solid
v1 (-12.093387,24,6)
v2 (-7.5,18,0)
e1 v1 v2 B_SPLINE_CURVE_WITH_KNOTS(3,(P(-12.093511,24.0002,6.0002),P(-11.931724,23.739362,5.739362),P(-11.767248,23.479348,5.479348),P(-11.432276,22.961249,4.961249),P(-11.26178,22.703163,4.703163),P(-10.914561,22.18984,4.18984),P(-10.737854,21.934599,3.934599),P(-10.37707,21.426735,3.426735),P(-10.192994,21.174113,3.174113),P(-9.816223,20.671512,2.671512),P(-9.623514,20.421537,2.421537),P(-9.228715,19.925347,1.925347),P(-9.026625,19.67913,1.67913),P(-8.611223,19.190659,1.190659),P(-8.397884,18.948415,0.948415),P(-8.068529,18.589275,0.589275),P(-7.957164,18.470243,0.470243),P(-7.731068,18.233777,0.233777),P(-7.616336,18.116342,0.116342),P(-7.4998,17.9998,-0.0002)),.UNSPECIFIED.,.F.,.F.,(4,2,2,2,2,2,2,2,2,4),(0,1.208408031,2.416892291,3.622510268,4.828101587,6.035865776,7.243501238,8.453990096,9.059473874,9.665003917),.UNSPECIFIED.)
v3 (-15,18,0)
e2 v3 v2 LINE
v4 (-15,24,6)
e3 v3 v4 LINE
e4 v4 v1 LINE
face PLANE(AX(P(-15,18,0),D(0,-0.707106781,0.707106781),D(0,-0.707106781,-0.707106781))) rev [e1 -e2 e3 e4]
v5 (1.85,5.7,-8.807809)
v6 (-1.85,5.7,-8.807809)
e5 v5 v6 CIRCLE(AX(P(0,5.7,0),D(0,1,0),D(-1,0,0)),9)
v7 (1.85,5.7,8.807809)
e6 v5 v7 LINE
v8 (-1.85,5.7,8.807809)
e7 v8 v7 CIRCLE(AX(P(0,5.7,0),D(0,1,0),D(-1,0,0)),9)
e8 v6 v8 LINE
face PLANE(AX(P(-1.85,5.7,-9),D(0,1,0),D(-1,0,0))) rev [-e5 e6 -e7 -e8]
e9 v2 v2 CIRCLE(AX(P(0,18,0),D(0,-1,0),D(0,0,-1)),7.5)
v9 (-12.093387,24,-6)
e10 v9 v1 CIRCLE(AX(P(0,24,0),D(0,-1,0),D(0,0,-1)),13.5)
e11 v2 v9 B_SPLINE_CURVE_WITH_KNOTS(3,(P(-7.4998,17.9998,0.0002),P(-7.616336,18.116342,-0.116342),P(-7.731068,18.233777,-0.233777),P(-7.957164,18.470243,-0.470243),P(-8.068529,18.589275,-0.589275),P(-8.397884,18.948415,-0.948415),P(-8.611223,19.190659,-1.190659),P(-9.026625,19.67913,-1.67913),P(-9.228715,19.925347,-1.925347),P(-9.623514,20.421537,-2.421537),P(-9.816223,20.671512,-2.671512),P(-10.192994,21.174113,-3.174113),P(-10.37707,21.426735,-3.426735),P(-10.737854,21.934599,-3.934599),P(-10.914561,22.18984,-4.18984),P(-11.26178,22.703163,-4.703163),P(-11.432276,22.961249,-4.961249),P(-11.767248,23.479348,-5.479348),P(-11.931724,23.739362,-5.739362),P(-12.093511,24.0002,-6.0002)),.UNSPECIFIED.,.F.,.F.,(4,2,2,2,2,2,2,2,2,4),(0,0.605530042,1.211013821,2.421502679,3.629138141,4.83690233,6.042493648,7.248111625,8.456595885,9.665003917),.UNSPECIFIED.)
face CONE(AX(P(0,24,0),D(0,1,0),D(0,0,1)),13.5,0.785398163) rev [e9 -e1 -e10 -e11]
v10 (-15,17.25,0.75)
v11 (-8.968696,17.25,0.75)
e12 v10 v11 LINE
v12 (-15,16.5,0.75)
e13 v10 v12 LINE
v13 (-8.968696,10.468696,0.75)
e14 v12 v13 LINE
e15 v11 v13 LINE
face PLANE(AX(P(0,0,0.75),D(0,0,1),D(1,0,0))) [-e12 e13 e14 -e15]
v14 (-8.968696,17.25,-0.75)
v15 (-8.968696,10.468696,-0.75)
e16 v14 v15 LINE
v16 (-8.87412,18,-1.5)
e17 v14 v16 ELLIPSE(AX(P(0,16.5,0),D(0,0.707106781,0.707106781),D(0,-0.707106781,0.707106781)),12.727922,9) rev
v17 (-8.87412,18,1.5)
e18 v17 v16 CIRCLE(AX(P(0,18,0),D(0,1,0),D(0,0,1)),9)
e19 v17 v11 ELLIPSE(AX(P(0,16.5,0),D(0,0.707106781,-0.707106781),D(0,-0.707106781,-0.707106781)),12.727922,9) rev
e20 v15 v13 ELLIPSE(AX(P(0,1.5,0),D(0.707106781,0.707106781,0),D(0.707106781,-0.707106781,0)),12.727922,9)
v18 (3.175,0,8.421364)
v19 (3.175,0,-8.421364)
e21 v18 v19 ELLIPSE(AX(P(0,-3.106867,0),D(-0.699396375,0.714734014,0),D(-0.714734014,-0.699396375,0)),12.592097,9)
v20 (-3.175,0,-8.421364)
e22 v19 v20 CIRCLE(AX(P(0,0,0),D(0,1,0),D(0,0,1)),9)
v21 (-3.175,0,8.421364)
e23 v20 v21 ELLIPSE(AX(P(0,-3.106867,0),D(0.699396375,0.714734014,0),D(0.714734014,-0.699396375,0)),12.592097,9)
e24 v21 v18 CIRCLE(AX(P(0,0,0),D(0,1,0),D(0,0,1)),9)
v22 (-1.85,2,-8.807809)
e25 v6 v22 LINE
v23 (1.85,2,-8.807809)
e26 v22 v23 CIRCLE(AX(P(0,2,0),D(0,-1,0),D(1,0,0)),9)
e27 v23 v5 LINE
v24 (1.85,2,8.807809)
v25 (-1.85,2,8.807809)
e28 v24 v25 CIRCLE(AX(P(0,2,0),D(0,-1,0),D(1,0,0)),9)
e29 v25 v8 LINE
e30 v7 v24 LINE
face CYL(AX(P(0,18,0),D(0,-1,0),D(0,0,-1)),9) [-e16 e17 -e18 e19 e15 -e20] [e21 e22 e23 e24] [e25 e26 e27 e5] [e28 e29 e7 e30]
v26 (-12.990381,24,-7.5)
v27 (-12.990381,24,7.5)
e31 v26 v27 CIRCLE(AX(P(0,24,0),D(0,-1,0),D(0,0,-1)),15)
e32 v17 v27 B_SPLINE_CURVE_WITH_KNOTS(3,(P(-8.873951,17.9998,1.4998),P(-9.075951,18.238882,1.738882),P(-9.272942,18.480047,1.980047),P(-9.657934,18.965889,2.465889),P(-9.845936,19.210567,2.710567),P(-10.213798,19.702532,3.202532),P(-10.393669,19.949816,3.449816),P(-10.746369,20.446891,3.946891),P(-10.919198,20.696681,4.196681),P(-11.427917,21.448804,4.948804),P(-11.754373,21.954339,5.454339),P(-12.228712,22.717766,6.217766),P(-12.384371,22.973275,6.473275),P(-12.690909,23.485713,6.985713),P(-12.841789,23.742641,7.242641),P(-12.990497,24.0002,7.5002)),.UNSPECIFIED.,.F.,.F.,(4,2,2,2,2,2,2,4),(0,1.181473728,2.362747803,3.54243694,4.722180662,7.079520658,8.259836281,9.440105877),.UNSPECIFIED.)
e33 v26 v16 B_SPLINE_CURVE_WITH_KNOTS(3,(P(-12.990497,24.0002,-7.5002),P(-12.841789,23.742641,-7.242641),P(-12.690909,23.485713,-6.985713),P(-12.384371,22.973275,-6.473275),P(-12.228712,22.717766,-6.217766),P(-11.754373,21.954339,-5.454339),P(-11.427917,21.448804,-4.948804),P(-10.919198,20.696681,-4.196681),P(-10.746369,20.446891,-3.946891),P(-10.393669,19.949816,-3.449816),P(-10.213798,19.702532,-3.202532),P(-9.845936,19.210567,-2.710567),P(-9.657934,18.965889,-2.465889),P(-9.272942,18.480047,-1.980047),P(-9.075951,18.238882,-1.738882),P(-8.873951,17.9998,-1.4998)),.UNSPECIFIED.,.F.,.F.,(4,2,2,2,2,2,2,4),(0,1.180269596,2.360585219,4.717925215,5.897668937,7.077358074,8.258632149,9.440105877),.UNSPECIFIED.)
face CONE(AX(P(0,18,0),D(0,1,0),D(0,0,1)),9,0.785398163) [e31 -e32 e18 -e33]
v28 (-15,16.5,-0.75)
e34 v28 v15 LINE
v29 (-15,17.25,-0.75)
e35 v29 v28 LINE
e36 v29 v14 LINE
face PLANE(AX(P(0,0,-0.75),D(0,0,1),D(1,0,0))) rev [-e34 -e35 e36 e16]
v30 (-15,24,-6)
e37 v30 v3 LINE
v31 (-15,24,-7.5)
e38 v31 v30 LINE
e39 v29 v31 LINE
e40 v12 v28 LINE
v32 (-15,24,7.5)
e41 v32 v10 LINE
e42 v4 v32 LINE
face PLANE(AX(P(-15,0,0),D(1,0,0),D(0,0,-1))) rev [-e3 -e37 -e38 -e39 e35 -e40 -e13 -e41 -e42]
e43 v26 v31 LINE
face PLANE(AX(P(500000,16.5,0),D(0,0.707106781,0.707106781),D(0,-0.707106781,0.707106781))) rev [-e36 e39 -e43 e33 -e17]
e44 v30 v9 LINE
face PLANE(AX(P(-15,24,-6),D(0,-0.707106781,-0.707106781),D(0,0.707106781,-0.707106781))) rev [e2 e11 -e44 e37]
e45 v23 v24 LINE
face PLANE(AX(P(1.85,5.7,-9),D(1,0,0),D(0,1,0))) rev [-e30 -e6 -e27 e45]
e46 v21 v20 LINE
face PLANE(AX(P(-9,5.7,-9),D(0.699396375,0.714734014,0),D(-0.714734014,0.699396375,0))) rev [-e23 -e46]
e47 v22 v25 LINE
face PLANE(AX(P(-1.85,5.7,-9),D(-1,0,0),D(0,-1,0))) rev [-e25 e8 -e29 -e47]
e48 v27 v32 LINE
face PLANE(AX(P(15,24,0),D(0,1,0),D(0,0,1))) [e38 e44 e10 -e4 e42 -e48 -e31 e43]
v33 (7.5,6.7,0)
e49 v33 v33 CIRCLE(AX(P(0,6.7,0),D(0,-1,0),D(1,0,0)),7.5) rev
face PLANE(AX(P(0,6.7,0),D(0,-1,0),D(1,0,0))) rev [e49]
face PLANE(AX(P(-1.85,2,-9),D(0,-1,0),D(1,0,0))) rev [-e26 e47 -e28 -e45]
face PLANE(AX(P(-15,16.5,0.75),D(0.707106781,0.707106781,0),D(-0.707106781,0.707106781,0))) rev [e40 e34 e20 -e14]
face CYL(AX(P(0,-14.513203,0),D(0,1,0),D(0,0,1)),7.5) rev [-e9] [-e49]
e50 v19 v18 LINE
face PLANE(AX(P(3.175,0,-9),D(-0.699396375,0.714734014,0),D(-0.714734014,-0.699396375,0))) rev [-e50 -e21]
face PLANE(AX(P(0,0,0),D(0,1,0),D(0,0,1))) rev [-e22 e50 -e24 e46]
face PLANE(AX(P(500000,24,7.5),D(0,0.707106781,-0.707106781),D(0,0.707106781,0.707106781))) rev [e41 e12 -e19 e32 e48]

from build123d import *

# Parameters (mm, degrees)
SKETCH1_R               = 9
BOSS_EXTRUDE1_DEPTH     = 18
CUT_EXTRUDE1_DEPTH      = 23.045407685
CUT_EXTRUDE1_DEPTH_BACK = 23.045407685
SKETCH2_W               = 3.7
SKETCH2_H               = 3.7
CUT_EXTRUDE2_START      = -11.3
SKETCH3_R               = 7.5
CUT_EXTRUDE2_DEPTH      = 11.3
CUT_EXTRUDE3_DEPTH      = 33.031234756
BOSS_EXTRUDE2_REACH     = 43.243
BOSS_EXTRUDE4_DEPTH     = 0.75


with BuildPart() as part:
    # Sketch1 → Boss-Extrude1 (new body)
    with BuildSketch(Plane(origin=(0, 0, 0), x_dir=(1, 0, 0), z_dir=(0, 1, 0))):
        with Locations(Location((0, 0, 0), (0, 0, 270))):
            Circle(SKETCH1_R)
    extrude(amount=BOSS_EXTRUDE1_DEPTH)

    # Sketch2 → Cut-Extrude1 (cut, two sides: drawn at the far end of the back side and taken through both)
    with BuildSketch(Plane.XY.offset(-CUT_EXTRUDE1_DEPTH_BACK)):
        Polygon((-9, 5.7), (-3.175, 0), (-9, 0), align=None)
        Polygon((3.175, 0), (9, 5.7), (9, 0), align=None)
        with Locations((0, 3.85)):
            Rectangle(SKETCH2_W, SKETCH2_H)
    extrude(amount=CUT_EXTRUDE1_DEPTH + CUT_EXTRUDE1_DEPTH_BACK, mode=Mode.SUBTRACT)

    # Sketch3 → Cut-Extrude2 (cut)
    with BuildSketch(Plane(origin=(0, 18, 0), x_dir=(1, 0, 0), z_dir=(0, 1, 0)).offset(CUT_EXTRUDE2_START)):
        with Locations(Location((0, 0, 0), (0, 0, 270))):
            Circle(SKETCH3_R)
    extrude(amount=CUT_EXTRUDE2_DEPTH, mode=Mode.SUBTRACT)

    # Sketch4 → Revolve1 (revolve)
    with BuildSketch(Plane.XY):
        Polygon((9, 18), (15, 24), (13.5, 24), (7.5, 18), align=None)
    revolve(axis=Axis((0, -14.513203436, 0), (0, 1, 0)))

    # Sketch5 → Cut-Extrude3 (cut, through all)
    with BuildSketch(Plane(origin=(0, 0, 0), x_dir=(0, 0, -1), z_dir=(1, 0, 0))):
        Polygon((0, 18), (-6, 24), (6, 24), align=None)
    extrude(amount=-CUT_EXTRUDE3_DEPTH, mode=Mode.SUBTRACT)

    # Sketch6 → Boss-Extrude2 (add, up to next)
    with BuildSketch(Plane(origin=(-15, 0, 0), x_dir=(0, 0, -1), z_dir=(1, 0, 0)), mode=Mode.PRIVATE) as boss_extrude2_sk1:
        Polygon((6, 24), (0, 18), (-6, 24), (-7.5, 24), (0, 16.5), (7.5, 24), align=None)
    boss_extrude2_tool1 = extrude(boss_extrude2_sk1.sketch, amount=BOSS_EXTRUDE2_REACH, mode=Mode.PRIVATE) - part.part
    add(boss_extrude2_tool1.solids().sort_by_distance((-15, 20.881415, -3.118585))[0])

    # Sketch7 → Boss-Extrude4 (add, symmetric)
    with BuildSketch(Plane.XY):
        Polygon((-15, 18), (-15, 16.5), (-7.5, 9), (-7.5, 18), align=None)
    extrude(amount=BOSS_EXTRUDE4_DEPTH, both=True)


solid = part.part
